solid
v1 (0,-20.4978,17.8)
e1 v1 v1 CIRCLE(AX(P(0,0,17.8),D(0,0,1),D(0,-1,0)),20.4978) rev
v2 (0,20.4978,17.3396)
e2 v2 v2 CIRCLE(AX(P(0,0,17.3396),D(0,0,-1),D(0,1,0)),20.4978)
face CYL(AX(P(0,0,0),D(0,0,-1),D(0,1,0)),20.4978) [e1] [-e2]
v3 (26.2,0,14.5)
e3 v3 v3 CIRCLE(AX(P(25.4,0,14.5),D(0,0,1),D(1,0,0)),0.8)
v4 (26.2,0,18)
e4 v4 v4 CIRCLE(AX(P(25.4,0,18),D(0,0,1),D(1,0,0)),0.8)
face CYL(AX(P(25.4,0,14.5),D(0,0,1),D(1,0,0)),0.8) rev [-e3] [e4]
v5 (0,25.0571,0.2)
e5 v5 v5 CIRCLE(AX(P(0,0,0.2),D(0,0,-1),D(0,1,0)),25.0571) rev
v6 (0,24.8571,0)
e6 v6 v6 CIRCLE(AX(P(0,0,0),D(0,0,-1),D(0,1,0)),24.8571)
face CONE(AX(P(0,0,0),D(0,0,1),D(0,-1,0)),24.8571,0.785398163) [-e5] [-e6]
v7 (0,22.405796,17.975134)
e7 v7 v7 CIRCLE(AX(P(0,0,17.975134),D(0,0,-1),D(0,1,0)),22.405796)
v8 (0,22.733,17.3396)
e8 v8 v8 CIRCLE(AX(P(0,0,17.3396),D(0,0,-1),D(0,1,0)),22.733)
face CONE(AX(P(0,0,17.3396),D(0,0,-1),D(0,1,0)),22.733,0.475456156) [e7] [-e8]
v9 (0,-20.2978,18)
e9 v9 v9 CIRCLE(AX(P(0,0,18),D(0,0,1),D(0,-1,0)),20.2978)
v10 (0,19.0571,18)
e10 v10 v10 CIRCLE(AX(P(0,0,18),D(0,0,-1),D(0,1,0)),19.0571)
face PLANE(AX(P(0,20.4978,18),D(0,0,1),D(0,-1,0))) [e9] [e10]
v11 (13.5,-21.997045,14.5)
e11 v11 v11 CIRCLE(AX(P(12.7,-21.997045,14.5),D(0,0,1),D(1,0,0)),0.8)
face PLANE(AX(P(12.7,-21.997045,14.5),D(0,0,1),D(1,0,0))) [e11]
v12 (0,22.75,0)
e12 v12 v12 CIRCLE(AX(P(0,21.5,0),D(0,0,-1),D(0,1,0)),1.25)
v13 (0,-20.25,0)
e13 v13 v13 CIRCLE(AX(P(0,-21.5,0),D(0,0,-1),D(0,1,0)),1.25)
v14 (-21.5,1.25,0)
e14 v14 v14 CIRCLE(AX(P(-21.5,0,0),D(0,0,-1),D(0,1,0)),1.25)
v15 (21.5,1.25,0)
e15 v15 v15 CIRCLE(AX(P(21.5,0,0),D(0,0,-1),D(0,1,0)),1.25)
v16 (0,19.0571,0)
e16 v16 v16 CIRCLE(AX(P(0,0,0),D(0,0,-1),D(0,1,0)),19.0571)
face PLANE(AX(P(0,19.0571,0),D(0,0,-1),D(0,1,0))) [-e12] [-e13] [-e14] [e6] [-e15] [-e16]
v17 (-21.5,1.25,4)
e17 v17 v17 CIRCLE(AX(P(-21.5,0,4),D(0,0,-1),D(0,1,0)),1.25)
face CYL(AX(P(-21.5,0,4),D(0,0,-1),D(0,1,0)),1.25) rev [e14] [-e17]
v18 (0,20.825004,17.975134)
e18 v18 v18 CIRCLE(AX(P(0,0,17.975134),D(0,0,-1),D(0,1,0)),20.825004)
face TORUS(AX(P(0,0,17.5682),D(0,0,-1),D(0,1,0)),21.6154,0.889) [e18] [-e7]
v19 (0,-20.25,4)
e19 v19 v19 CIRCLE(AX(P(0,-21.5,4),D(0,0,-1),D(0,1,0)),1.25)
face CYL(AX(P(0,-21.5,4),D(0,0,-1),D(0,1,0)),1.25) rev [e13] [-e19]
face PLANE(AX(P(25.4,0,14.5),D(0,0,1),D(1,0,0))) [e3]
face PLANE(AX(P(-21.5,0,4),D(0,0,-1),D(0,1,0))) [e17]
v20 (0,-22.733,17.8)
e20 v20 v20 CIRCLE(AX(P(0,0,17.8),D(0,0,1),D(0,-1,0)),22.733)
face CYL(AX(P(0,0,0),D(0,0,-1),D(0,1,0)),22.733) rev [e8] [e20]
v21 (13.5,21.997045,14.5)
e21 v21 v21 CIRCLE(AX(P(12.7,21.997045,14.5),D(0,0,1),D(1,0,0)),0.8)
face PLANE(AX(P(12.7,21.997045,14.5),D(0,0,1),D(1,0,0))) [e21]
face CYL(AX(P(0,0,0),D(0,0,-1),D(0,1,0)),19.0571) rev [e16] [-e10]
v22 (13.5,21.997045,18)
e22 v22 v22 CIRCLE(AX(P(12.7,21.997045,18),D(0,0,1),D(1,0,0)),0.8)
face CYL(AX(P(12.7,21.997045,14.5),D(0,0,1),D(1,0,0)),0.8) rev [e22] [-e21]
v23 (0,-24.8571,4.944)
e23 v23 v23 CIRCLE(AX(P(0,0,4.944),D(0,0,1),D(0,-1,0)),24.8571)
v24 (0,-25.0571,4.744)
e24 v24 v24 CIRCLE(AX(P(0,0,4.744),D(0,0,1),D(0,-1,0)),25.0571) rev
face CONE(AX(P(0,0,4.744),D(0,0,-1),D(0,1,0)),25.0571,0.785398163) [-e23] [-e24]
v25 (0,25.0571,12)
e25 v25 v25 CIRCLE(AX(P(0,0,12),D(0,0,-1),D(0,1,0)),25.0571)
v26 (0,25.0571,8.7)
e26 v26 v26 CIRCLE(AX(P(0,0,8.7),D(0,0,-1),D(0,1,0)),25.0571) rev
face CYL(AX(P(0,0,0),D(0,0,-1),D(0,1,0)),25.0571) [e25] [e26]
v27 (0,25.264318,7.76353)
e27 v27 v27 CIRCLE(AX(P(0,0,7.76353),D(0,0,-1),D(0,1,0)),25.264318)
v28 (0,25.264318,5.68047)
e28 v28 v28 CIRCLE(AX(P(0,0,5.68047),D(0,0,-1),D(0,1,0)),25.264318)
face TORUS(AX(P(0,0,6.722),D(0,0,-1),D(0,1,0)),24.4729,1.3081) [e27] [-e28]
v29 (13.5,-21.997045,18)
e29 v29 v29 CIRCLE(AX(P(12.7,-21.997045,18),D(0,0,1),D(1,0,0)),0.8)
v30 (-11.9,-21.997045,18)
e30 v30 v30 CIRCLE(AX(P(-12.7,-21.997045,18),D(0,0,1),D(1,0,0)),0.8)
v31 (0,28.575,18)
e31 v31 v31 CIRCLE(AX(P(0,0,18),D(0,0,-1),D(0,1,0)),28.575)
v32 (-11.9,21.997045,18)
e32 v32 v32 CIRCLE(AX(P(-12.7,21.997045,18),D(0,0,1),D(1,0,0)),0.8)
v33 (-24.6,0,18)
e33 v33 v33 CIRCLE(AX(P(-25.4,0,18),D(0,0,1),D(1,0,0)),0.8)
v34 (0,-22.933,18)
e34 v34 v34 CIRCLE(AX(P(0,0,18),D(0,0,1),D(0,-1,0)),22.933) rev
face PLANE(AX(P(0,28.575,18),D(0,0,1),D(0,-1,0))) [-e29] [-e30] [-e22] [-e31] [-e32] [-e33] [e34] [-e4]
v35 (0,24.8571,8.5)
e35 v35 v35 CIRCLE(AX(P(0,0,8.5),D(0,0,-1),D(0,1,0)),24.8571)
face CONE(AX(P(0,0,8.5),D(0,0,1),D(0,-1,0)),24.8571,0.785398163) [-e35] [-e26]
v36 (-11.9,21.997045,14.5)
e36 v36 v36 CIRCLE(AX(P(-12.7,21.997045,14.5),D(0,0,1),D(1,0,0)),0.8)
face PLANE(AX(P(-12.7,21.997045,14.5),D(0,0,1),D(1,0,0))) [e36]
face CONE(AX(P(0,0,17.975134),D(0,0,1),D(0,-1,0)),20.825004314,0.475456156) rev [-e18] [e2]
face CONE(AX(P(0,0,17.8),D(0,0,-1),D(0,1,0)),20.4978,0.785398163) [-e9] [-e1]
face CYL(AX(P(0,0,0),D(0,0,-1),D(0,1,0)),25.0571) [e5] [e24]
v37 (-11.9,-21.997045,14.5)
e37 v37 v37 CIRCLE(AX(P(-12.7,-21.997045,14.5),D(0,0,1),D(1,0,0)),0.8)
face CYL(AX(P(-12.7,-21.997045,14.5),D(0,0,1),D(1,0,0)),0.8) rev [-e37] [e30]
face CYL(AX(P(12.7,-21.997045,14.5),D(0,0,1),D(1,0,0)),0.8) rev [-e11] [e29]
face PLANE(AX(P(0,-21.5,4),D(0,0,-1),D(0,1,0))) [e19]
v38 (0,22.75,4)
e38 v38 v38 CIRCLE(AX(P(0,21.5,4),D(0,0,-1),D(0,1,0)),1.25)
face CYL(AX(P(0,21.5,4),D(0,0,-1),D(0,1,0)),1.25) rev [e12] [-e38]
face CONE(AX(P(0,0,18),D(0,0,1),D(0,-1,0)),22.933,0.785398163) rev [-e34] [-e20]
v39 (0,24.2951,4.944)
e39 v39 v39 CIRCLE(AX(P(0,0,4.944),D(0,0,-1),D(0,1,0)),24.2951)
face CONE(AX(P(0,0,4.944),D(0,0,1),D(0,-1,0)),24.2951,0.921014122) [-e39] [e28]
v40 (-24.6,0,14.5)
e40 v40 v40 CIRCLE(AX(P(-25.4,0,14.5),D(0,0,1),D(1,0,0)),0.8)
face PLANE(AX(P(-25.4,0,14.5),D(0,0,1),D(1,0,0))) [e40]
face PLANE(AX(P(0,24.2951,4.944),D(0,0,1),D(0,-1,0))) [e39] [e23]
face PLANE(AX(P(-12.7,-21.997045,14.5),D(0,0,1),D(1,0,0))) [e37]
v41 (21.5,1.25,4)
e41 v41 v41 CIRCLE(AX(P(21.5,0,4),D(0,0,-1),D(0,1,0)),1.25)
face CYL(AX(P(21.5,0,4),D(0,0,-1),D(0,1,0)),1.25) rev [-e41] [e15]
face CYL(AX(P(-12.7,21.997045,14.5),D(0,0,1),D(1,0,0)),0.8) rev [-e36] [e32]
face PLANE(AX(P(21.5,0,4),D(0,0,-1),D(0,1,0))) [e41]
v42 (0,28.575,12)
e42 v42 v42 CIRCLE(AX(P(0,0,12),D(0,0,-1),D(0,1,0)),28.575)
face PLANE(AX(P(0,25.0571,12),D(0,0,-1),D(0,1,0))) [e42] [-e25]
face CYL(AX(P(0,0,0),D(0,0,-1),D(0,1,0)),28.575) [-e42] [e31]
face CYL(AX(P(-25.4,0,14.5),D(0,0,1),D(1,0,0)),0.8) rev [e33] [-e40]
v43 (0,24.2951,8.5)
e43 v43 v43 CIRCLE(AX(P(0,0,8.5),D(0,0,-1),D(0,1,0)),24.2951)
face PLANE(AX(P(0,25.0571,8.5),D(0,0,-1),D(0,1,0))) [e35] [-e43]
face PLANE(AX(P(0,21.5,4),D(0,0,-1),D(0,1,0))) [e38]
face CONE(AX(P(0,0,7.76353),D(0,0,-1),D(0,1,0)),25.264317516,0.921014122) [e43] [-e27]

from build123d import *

# Parameters (mm, degrees)
SKETCH2_R          = 0.8
CUT_EXTRUDE1_DEPTH = 3.5
CHAMFER1_SIZE      = 0.2
SKETCH3_R          = 1.25
CUT_EXTRUDE2_DEPTH = 4


with BuildPart() as part:
    # Sketch1 → Revolve1 (revolve)
    with BuildSketch(Plane(origin=(0, 0, 0), x_dir=(0, 0, -1), z_dir=(1, 0, 0))):
        with BuildLine():
            Line((0, 25.0571), (-4.944, 25.0571))
            Line((-4.944, 25.0571), (-4.944, 24.2951))
            Line((-4.944, 24.2951), (-5.680470391, 25.264317516))
            ThreePointArc((-5.680470391, 25.264317516), (-6.722, 25.781), (-7.763529609, 25.264317516))
            Line((-7.763529609, 25.264317516), (-8.5, 24.2951))
            Line((-8.5, 24.2951), (-8.5, 25.0571))
            Line((-8.5, 25.0571), (-12, 25.0571))
            Line((-12, 25.0571), (-12, 28.575))
            Line((-12, 28.575), (-18, 28.575))
            Line((-18, 28.575), (-18, 22.733))
            Line((-18, 22.733), (-17.3396, 22.733))
            Line((-17.3396, 22.733), (-17.975134466, 22.405795686))
            ThreePointArc((-17.975134466, 22.405795686), (-18.4572, 21.6154), (-17.975134466, 20.825004314))
            Line((-17.975134466, 20.825004314), (-17.3396, 20.4978))
            Line((-17.3396, 20.4978), (-18, 20.4978))
            Line((-18, 20.4978), (-18, 19.0571))
            Line((-18, 19.0571), (0, 19.0571))
            Line((0, 19.0571), (0, 25.0571))
        make_face()
    revolve(axis=Axis((0, 0, 0), (0, 0, 1)))

    # Sketch2 → Cut-Extrude1 (cut)
    with BuildSketch(Plane.XY.offset(18)):
        with Locations((-25.4, 0)):
            Circle(SKETCH2_R)
        with Locations((-12.7, 21.997045256)):
            Circle(SKETCH2_R)
        with Locations((12.7, 21.997045256)):
            Circle(SKETCH2_R)
        with Locations((25.4, 0)):
            Circle(SKETCH2_R)
        with Locations((12.7, -21.997045256)):
            Circle(SKETCH2_R)
        with Locations((-12.7, -21.997045256)):
            Circle(SKETCH2_R)
    extrude(amount=-CUT_EXTRUDE1_DEPTH, mode=Mode.SUBTRACT)

    # Chamfer1
    chamfer1_edges = [part.edges().sort_by_distance(p)[0] for p in [
        (0, -20.4978, 18),
        (0, -22.733, 18),
        (0, -25.0571, 8.5),
        (0, -25.0571, 4.944),
        (0, -25.0571, 0),
    ]]
    chamfer(chamfer1_edges, length=CHAMFER1_SIZE)

    # Sketch3 → Cut-Extrude2 (cut)
    with BuildSketch(Plane(origin=(0, 0, 0), x_dir=(-1, 0, 0), z_dir=(0, 0, -1))):
        with Locations((0, 21.5)):
            Circle(SKETCH3_R)
        with Locations((21.5, 0)):
            Circle(SKETCH3_R)
        with Locations((0, -21.5)):
            Circle(SKETCH3_R)
        with Locations((-21.5, 0)):
            Circle(SKETCH3_R)
    extrude(amount=-CUT_EXTRUDE2_DEPTH, mode=Mode.SUBTRACT)


solid = part.part
